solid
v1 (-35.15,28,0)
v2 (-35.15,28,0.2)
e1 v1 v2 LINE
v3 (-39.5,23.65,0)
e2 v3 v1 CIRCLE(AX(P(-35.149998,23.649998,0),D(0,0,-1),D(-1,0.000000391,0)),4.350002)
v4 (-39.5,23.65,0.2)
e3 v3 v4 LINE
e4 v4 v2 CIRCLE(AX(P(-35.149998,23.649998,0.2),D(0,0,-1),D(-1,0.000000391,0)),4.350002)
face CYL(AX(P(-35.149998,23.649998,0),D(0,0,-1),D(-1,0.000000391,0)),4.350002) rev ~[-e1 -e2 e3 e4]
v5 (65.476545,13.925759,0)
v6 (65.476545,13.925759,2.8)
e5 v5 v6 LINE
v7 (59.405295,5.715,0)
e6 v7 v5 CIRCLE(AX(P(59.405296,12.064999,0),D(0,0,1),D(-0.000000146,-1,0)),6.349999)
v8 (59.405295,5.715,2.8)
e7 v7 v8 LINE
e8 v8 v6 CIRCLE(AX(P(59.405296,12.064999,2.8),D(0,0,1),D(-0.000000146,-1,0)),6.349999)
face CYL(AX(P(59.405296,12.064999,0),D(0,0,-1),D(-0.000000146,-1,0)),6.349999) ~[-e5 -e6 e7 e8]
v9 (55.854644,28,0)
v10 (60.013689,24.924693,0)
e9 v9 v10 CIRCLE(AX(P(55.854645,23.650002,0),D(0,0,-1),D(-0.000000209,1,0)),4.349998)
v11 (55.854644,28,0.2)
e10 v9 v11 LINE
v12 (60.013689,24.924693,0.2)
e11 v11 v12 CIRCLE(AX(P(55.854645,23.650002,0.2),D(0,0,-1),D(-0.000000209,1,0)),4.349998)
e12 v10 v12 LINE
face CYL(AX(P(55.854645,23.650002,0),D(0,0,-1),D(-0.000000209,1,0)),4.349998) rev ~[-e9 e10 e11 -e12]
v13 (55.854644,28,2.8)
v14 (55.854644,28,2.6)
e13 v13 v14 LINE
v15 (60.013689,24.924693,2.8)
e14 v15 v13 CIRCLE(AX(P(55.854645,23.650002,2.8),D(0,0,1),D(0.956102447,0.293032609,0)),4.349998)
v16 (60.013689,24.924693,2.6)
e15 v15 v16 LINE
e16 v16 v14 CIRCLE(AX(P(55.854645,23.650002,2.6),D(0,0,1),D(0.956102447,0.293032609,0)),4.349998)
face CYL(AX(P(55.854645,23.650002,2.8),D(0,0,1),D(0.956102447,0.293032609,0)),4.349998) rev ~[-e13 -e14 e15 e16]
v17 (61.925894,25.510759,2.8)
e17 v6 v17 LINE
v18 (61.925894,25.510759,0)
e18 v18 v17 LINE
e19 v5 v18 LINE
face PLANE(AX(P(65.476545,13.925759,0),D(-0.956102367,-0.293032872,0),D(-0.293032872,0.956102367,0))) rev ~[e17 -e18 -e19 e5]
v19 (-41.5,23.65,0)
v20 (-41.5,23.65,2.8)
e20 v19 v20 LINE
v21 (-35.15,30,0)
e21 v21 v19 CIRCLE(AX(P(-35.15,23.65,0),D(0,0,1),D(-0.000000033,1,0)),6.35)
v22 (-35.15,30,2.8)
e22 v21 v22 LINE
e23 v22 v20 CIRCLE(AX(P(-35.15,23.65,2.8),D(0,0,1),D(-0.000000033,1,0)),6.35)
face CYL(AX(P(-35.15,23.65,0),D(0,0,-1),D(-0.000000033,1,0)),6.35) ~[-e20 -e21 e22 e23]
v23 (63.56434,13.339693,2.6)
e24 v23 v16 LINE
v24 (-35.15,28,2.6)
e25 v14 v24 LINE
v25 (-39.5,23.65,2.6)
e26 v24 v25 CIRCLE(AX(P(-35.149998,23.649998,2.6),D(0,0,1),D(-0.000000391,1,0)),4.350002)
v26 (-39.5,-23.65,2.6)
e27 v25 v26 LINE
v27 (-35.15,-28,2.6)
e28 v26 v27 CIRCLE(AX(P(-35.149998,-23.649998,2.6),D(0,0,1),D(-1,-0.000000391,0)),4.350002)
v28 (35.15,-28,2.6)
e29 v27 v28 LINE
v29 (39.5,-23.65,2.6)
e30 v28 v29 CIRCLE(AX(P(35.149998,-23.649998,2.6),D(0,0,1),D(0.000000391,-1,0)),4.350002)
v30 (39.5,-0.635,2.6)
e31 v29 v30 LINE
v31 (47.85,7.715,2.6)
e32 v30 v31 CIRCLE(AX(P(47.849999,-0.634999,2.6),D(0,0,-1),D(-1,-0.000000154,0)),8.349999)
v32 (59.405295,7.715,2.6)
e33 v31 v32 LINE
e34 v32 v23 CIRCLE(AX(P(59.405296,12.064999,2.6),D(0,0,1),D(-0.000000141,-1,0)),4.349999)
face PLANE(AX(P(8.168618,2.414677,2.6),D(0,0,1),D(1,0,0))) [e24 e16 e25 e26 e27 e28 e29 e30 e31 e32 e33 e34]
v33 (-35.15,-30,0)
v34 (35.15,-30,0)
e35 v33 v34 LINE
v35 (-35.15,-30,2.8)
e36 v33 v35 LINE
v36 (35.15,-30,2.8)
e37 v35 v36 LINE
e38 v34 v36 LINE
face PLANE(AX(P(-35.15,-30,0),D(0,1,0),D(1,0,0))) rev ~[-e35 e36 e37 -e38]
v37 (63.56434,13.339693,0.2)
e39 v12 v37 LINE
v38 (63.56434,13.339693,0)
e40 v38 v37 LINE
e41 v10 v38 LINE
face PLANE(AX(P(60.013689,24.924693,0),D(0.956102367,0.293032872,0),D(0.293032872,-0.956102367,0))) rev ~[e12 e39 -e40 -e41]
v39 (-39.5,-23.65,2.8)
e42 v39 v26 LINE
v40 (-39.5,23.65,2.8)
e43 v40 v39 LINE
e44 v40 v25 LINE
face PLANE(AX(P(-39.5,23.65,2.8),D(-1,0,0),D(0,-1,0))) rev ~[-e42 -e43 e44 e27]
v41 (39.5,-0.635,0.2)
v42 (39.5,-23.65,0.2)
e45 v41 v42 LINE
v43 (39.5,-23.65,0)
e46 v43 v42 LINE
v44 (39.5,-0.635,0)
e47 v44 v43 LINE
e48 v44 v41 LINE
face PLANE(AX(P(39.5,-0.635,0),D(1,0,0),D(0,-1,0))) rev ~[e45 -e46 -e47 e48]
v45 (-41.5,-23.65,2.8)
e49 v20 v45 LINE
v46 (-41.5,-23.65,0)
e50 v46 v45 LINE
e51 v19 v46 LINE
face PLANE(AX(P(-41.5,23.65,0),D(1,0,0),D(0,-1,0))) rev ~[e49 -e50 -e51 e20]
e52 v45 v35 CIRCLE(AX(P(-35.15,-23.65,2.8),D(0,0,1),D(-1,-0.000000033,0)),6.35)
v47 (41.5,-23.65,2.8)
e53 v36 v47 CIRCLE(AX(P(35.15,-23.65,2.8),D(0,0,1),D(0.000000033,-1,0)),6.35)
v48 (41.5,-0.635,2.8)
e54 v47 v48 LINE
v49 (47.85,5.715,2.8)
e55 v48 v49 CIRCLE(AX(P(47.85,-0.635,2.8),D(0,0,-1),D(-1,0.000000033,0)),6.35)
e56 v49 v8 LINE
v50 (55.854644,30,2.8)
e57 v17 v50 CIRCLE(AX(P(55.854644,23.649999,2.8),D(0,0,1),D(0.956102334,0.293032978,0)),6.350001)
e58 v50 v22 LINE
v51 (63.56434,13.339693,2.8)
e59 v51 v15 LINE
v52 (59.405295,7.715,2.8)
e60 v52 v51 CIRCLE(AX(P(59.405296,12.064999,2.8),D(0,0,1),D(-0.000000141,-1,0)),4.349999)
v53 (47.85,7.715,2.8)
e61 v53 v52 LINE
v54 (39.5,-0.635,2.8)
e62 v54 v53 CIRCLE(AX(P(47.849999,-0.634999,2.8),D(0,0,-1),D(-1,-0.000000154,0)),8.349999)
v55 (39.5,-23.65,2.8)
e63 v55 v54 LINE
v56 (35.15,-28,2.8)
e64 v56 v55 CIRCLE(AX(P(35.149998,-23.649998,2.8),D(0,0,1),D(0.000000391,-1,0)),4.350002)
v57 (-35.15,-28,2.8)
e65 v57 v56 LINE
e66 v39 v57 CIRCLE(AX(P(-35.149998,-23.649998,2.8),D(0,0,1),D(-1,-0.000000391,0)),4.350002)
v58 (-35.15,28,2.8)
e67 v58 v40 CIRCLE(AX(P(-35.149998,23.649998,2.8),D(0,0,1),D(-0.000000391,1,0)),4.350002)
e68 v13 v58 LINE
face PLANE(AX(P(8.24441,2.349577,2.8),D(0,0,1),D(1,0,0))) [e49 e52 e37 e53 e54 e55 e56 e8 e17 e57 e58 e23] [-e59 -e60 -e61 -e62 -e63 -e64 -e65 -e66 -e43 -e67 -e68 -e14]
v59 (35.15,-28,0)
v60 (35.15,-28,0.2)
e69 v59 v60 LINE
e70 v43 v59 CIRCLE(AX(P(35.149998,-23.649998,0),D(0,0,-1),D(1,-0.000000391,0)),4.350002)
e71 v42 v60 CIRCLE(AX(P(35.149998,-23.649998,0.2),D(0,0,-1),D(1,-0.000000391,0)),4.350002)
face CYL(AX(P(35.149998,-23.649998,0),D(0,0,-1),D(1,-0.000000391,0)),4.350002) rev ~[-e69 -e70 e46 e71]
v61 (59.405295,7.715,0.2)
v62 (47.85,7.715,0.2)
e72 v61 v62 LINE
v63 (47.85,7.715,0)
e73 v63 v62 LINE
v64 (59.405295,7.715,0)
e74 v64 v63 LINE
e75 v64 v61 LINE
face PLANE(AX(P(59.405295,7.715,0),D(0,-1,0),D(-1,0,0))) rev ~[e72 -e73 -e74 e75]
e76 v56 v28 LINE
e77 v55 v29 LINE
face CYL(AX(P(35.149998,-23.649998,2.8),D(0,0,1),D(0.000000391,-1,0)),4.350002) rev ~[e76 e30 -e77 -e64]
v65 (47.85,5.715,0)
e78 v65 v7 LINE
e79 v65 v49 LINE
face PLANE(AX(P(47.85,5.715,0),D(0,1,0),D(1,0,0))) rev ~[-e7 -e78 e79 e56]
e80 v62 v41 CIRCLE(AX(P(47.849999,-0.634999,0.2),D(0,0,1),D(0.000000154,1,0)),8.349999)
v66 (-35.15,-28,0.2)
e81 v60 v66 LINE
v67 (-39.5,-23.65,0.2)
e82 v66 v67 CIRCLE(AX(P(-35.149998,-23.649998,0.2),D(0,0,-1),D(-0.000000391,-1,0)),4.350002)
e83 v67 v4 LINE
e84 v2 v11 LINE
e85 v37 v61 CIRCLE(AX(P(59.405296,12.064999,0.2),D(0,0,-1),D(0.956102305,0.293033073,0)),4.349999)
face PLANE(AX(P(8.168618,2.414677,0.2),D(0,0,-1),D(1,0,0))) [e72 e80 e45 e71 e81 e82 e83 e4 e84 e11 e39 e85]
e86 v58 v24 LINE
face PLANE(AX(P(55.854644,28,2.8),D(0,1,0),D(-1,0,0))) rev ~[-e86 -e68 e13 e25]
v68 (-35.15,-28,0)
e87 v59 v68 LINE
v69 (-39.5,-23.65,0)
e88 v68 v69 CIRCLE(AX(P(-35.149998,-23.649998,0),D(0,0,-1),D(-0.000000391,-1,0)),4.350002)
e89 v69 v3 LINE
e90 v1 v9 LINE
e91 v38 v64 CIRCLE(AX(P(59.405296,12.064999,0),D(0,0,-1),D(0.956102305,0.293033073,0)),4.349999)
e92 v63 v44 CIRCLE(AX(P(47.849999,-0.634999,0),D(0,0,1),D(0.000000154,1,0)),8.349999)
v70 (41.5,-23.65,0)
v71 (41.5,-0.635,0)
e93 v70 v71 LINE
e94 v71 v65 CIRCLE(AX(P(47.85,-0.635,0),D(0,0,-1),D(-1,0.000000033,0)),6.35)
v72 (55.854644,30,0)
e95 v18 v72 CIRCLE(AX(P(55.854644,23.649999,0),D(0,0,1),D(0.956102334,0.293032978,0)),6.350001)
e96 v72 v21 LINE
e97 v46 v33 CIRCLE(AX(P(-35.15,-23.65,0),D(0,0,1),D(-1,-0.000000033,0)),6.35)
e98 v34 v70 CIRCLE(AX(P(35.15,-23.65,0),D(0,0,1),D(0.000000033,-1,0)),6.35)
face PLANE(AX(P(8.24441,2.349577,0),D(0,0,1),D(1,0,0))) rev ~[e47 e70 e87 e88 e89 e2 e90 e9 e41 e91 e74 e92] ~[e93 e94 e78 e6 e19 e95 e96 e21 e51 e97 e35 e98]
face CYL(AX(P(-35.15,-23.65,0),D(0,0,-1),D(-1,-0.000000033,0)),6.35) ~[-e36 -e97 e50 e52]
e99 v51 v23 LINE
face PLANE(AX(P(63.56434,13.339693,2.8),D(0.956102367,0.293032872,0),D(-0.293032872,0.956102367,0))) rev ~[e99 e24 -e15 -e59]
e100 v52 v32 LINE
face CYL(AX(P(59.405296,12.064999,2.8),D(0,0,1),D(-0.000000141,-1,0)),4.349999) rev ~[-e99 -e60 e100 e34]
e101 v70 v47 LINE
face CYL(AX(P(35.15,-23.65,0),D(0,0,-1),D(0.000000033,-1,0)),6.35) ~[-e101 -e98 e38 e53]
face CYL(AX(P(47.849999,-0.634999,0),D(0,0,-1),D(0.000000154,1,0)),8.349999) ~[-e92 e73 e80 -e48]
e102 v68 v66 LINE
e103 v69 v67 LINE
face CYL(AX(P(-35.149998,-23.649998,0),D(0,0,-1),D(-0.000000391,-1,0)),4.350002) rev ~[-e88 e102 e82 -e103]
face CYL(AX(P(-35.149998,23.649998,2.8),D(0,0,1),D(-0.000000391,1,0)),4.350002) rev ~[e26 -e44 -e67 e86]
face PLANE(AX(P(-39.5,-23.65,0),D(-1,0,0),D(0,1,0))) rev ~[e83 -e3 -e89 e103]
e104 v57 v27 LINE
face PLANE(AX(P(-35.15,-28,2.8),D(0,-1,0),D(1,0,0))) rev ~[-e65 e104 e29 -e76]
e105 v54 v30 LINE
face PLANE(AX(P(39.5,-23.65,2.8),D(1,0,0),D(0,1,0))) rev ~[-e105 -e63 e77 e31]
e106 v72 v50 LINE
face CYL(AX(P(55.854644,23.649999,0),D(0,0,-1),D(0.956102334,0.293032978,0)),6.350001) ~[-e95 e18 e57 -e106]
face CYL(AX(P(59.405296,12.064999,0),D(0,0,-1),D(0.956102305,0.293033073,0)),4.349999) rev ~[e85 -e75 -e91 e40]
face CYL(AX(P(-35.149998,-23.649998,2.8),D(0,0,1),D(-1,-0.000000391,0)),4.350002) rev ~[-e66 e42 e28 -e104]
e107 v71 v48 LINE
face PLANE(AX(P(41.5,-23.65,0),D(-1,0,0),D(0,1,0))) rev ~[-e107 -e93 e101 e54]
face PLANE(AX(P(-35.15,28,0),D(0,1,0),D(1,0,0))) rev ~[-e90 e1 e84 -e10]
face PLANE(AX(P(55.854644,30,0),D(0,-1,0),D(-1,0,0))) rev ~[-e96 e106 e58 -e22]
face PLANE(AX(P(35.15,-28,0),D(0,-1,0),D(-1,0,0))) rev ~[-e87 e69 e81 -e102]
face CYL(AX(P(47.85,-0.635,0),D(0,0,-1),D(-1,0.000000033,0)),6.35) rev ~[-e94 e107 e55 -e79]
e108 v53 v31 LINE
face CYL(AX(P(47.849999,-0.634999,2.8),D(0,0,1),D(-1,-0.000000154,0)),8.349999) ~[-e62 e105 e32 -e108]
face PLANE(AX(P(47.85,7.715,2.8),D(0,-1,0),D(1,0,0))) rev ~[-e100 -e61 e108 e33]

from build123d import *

# Parameters (mm, degrees)
F1_DEPTH = 2.8
F3_DEPTH = 0.2
F5_DEPTH = 0.2


with BuildPart() as f1:
    # F0 (on Top) → F1 (new body)
    with BuildSketch(Plane.XY):
        with BuildLine():
            ThreePointArc((-41.5, -23.65), (-39.640128, -28.140128), (-35.15, -30))
            Line((-35.15, -30), (35.15, -30))
            ThreePointArc((35.15, -30), (39.640128, -28.140128), (41.5, -23.65))
            Line((41.5, -23.65), (41.5, -0.635))
            ThreePointArc((41.5, -0.635), (43.359872, 3.855128), (47.85, 5.715))
            Line((47.85, 5.715), (59.405295, 5.715))
            ThreePointArc((59.405295, 5.715), (64.511092, 8.28964), (65.476545, 13.925759))
            Line((65.476545, 13.925759), (61.925894, 25.510759))
            ThreePointArc((61.925894, 25.510759), (59.630003, 28.755797), (55.854644, 30))
            Line((55.854644, 30), (41.5, 30))
            Line((41.5, 30), (-35.15, 30))
            ThreePointArc((-35.15, 30), (-39.640128, 28.140128), (-41.5, 23.65))
            Line((-41.5, 23.65), (-41.5, -23.65))
        make_face()
    extrude(amount=F1_DEPTH)

    # F2 (on face) → F3 (cut)
    with BuildSketch(Plane.XY.offset(2.8)):
        with BuildLine():
            ThreePointArc((39.5, -0.635), (41.945658, 5.269342), (47.85, 7.715))
            Line((47.85, 7.715), (59.405295, 7.715))
            ThreePointArc((59.405295, 7.715), (62.902967, 9.47873), (63.56434, 13.339693))
            Line((63.56434, 13.339693), (60.013689, 24.924693))
            ThreePointArc((60.013689, 24.924693), (58.440914, 27.147672), (55.854644, 28))
            Line((55.854644, 28), (-35.15, 28))
            ThreePointArc((-35.15, 28), (-38.225914, 26.725914), (-39.5, 23.65))
            Line((-39.5, 23.65), (-39.5, -23.65))
            ThreePointArc((-39.5, -23.65), (-38.225914, -26.725914), (-35.15, -28))
            Line((-35.15, -28), (35.15, -28))
            ThreePointArc((35.15, -28), (38.225914, -26.725914), (39.5, -23.65))
            Line((39.5, -23.65), (39.5, -0.635))
        make_face()
    extrude(amount=-F3_DEPTH, mode=Mode.SUBTRACT)

    # F4 (on face) → F5 (cut)
    with BuildSketch(Plane(origin=(0, 0, 0), x_dir=(1, 0, 0), z_dir=(0, 0, -1))):
        with BuildLine():
            ThreePointArc((-39.5, -23.65), (-38.225914, -26.725914), (-35.15, -28))
            Line((-35.15, -28), (55.854644, -28))
            ThreePointArc((55.854644, -28), (58.440914, -27.147672), (60.013689, -24.924693))
            Line((60.013689, -24.924693), (63.56434, -13.339693))
            ThreePointArc((63.56434, -13.339693), (62.902967, -9.47873), (59.405295, -7.715))
            Line((59.405295, -7.715), (47.85, -7.715))
            ThreePointArc((47.85, -7.715), (41.945658, -5.269342), (39.5, 0.635))
            Line((39.5, 0.635), (39.5, 23.65))
            ThreePointArc((39.5, 23.65), (38.225914, 26.725914), (35.15, 28))
            Line((35.15, 28), (-35.15, 28))
            ThreePointArc((-35.15, 28), (-38.225914, 26.725914), (-39.5, 23.65))
            Line((-39.5, 23.65), (-39.5, -23.65))
        make_face()
    extrude(amount=-F5_DEPTH, mode=Mode.SUBTRACT)


solid = f1.part
